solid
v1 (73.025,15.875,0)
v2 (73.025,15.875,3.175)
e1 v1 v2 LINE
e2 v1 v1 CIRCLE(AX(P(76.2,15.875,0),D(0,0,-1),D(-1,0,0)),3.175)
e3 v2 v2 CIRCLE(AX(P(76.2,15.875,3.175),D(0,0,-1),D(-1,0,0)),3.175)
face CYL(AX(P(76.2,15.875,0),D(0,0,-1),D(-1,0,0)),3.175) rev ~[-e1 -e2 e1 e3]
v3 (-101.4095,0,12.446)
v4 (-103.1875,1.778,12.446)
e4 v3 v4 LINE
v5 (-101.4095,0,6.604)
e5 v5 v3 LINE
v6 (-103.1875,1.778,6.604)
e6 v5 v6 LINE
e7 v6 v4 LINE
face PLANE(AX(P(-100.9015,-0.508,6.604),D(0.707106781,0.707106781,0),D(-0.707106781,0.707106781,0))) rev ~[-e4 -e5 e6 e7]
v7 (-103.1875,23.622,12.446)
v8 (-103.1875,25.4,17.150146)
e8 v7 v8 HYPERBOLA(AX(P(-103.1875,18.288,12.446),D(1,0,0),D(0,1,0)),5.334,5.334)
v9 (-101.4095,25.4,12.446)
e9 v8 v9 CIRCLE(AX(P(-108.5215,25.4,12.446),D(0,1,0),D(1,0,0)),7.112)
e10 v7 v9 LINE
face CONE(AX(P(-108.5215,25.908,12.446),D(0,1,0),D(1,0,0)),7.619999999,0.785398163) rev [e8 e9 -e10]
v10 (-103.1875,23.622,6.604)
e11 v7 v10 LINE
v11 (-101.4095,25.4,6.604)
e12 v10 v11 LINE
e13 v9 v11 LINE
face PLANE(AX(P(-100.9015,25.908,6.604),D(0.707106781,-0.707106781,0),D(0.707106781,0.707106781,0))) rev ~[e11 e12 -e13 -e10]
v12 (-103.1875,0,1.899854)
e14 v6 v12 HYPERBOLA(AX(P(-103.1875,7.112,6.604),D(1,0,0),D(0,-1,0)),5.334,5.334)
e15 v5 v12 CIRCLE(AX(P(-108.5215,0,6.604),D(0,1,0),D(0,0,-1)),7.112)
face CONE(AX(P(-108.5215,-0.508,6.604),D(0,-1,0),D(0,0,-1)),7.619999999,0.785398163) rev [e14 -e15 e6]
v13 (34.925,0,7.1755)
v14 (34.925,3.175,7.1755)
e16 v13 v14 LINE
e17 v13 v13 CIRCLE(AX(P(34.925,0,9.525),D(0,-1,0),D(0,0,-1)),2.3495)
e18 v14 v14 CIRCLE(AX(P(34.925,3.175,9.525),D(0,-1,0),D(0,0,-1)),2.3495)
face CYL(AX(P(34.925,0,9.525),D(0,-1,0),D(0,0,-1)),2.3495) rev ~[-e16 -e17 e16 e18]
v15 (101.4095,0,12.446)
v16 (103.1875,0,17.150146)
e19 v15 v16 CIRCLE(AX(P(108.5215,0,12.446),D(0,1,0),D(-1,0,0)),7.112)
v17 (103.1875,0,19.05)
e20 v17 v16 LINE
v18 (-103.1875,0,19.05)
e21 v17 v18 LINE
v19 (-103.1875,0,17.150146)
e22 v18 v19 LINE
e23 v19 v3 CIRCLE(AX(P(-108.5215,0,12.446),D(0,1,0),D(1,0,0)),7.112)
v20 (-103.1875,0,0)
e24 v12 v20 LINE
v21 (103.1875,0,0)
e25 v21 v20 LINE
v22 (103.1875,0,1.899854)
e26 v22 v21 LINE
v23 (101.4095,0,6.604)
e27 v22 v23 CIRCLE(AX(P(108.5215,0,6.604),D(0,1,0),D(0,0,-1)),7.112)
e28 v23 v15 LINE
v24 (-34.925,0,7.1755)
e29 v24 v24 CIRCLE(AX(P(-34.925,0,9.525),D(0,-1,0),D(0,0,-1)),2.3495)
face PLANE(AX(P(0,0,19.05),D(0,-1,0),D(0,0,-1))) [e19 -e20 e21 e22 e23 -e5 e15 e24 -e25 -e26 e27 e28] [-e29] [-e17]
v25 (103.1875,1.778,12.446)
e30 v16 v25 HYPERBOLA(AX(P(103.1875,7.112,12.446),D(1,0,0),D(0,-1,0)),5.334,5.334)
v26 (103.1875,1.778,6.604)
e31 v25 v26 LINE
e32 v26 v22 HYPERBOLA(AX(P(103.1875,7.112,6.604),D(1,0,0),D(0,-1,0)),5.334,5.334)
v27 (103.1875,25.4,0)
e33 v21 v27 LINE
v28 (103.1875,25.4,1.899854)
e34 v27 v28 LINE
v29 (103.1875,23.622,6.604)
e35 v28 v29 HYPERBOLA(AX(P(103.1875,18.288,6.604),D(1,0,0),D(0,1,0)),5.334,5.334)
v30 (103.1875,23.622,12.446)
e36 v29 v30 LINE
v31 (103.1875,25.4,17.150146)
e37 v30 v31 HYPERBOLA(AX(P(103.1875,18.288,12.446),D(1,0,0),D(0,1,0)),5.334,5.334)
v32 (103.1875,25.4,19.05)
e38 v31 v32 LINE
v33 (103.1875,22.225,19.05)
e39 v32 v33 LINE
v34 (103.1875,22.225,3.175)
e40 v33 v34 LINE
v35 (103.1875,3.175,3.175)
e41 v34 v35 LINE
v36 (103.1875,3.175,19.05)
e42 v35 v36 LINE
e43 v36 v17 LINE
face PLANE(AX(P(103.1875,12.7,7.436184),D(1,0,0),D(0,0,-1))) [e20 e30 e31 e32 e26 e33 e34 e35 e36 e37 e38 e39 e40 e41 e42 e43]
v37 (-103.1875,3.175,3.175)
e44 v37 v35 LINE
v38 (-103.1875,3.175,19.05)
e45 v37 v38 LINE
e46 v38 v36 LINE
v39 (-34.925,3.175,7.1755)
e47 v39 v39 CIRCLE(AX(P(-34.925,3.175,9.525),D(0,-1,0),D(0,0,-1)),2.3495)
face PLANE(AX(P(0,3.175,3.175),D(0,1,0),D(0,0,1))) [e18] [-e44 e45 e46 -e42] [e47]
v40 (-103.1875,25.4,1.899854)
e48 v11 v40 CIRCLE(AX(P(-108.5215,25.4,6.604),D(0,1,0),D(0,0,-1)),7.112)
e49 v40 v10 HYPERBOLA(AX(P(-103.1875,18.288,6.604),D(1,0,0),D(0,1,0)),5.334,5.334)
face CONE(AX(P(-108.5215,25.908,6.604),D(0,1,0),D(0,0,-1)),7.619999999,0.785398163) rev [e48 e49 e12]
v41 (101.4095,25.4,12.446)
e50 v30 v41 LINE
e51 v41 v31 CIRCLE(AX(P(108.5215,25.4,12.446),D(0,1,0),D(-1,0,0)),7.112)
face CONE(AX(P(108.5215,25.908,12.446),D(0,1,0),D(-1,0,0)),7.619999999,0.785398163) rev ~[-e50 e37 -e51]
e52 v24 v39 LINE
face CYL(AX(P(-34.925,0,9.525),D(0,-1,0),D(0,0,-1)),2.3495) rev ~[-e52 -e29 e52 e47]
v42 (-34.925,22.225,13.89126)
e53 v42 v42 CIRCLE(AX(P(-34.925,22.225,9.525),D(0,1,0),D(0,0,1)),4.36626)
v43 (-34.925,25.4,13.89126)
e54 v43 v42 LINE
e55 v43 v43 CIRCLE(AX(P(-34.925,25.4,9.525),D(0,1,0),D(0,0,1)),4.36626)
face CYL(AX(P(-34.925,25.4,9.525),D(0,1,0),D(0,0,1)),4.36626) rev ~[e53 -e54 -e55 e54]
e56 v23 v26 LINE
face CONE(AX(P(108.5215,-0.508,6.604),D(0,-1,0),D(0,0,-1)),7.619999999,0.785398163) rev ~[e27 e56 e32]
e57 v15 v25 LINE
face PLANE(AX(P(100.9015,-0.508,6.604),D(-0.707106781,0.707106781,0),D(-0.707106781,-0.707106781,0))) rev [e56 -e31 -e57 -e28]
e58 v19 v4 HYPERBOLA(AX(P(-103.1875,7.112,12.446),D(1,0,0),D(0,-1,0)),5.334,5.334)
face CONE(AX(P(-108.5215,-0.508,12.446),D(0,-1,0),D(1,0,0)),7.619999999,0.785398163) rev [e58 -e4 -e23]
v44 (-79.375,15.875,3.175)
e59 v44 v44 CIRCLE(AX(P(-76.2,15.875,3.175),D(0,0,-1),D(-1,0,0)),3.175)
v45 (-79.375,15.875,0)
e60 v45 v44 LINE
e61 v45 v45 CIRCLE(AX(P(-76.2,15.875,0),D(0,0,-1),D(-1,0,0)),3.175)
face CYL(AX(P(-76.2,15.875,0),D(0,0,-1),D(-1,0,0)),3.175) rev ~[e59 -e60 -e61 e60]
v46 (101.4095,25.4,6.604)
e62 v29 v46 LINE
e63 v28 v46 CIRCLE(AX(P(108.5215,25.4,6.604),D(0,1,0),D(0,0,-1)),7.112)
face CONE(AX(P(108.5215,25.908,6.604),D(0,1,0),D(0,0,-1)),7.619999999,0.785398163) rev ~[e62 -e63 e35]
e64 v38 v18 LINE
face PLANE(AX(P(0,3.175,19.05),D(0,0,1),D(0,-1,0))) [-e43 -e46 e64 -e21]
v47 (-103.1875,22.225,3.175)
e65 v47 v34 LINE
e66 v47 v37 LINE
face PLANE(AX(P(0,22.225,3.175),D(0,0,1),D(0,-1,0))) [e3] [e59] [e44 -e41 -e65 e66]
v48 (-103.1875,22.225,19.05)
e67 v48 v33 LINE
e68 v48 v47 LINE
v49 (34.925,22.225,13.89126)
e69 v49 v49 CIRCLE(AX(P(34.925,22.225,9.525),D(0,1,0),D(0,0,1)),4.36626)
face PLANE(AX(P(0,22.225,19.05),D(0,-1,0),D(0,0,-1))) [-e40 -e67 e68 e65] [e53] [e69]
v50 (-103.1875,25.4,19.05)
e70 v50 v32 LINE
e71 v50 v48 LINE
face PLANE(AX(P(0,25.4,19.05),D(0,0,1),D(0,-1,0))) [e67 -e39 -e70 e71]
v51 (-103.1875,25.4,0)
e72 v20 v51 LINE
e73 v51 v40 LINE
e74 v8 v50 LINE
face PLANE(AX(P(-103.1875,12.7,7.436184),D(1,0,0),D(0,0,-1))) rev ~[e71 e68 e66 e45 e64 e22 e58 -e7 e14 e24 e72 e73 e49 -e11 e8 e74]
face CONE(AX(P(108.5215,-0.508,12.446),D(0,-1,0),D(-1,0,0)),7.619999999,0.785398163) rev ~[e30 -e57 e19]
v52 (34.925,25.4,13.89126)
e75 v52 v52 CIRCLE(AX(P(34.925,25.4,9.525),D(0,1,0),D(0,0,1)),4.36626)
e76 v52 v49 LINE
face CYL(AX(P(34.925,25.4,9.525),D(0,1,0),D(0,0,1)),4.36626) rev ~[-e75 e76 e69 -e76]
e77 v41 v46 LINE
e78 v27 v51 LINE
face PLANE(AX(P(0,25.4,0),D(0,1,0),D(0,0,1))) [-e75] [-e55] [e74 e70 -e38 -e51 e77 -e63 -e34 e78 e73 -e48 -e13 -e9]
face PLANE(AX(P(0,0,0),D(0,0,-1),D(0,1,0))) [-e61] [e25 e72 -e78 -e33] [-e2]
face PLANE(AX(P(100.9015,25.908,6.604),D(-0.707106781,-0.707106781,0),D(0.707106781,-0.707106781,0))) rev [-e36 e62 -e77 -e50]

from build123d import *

# Parameters (mm, degrees)
BOSS_EXTRUDE1_DEPTH = 103.1875
CUT_EXTRUDE2_REACH  = 109.962
SKETCH3_R           = 2.3495
CUT_EXTRUDE3_REACH  = 109.962
SKETCH4_R           = 4.36626
CUT_EXTRUDE4_REACH  = 109.962
SKETCH5_R           = 3.175


with BuildPart() as part:
    # Sketch1 → Boss-Extrude1 (new, symmetric)
    with BuildSketch(Plane(origin=(0, 0, 0), x_dir=(0, 0, -1), z_dir=(1, 0, 0))):
        Polygon((0, 25.4), (-19.05, 25.4), (-19.05, 22.225), (-3.175, 22.225), (-3.175, 3.175), (-19.05, 3.175), (-19.05, 0), (0, 0), align=None)
    extrude(amount=BOSS_EXTRUDE1_DEPTH, both=True)

    # Sketch3 → Cut-Extrude2 (cut, up to next)
    with BuildSketch(Plane.XZ, mode=Mode.PRIVATE) as cut_extrude2_sk1:
        with Locations(Location((34.925, 9.525, 0), (0, 0, 270))):
            Circle(SKETCH3_R)
    cut_extrude2_tool1 = extrude(cut_extrude2_sk1.sketch, amount=-CUT_EXTRUDE2_REACH, mode=Mode.PRIVATE) & part.part
    # Sketch3 → Cut-Extrude2 (cut, up to next)
    with BuildSketch(Plane.XZ, mode=Mode.PRIVATE) as cut_extrude2_sk2:
        with Locations(Location((-34.925, 9.525, 0), (0, 0, 270))):
            Circle(SKETCH3_R)
    cut_extrude2_tool2 = extrude(cut_extrude2_sk2.sketch, amount=-CUT_EXTRUDE2_REACH, mode=Mode.PRIVATE) & part.part
    add(cut_extrude2_tool1.solids().sort_by_distance((34.925, 0, 9.525))[0], mode=Mode.SUBTRACT)
    add(cut_extrude2_tool2.solids().sort_by_distance((-34.925, 0, 9.525))[0], mode=Mode.SUBTRACT)

    # Sketch4 → Cut-Extrude3 (cut, up to next)
    with BuildSketch(Plane(origin=(0, 25.4, 0), x_dir=(1, 0, 0), z_dir=(0, 1, 0)), mode=Mode.PRIVATE) as cut_extrude3_sk1:
        with Locations(Location((-34.925, -9.525, 0), (0, 0, 270))):
            Circle(SKETCH4_R)
    cut_extrude3_tool1 = extrude(cut_extrude3_sk1.sketch, amount=-CUT_EXTRUDE3_REACH, mode=Mode.PRIVATE) & part.part
    # Sketch4 → Cut-Extrude3 (cut, up to next)
    with BuildSketch(Plane(origin=(0, 25.4, 0), x_dir=(1, 0, 0), z_dir=(0, 1, 0)), mode=Mode.PRIVATE) as cut_extrude3_sk2:
        with Locations(Location((34.925, -9.525, 0), (0, 0, 270))):
            Circle(SKETCH4_R)
    cut_extrude3_tool2 = extrude(cut_extrude3_sk2.sketch, amount=-CUT_EXTRUDE3_REACH, mode=Mode.PRIVATE) & part.part
    add(cut_extrude3_tool1.solids().sort_by_distance((-34.925, 25.4, 9.525))[0], mode=Mode.SUBTRACT)
    add(cut_extrude3_tool2.solids().sort_by_distance((34.925, 25.4, 9.525))[0], mode=Mode.SUBTRACT)

    # Sketch5 → Cut-Extrude4 (cut, up to next)
    with BuildSketch(Plane(origin=(0, 0, 0), x_dir=(-1, 0, 0), z_dir=(0, 0, -1)), mode=Mode.PRIVATE) as cut_extrude4_sk1:
        with Locations((-76.2, 15.875)):
            Circle(SKETCH5_R)
    cut_extrude4_tool1 = extrude(cut_extrude4_sk1.sketch, amount=-CUT_EXTRUDE4_REACH, mode=Mode.PRIVATE) & part.part
    # Sketch5 → Cut-Extrude4 (cut, up to next)
    with BuildSketch(Plane(origin=(0, 0, 0), x_dir=(-1, 0, 0), z_dir=(0, 0, -1)), mode=Mode.PRIVATE) as cut_extrude4_sk2:
        with Locations((76.2, 15.875)):
            Circle(SKETCH5_R)
    cut_extrude4_tool2 = extrude(cut_extrude4_sk2.sketch, amount=-CUT_EXTRUDE4_REACH, mode=Mode.PRIVATE) & part.part
    add(cut_extrude4_tool1.solids().sort_by_distance((76.2, 15.875, 0))[0], mode=Mode.SUBTRACT)
    add(cut_extrude4_tool2.solids().sort_by_distance((-76.2, 15.875, 0))[0], mode=Mode.SUBTRACT)

    # Cut-Sweep1: sweep along a path in Sketch6
    with BuildLine(Plane(origin=(0, 25.4, 0), x_dir=(1, 0, 0), z_dir=(0, 1, 0))) as cut_sweep1_path:
        Line((-111.0615, 0.508), (-108.5215, 0.508))
        ThreePointArc((-108.5215, 0.508), (-103.492556572, -1.575056572), (-101.4095, -6.604))
        Line((-101.4095, -6.604), (-101.4095, -12.446))
        ThreePointArc((-101.4095, -12.446), (-103.492556572, -17.474943428), (-108.5215, -19.558))
        Line((-108.5215, -19.558), (-111.0615, -19.558))
    # Sketch7 → Cut-Sweep1 (sweep, cut)
    with BuildSketch(Plane(origin=(-111.0615, 25.4, -0.508), x_dir=(0, 0, -1), z_dir=(1, 0, 0))):
        Polygon((-4.572, -4.572), (-4.572, 0.508), (0.508, 0.508), align=None)
        Polygon((-4.572, -20.828), (-4.572, -25.908), (0.508, -25.908), align=None)
    cut_sweep1 = sweep(path=cut_sweep1_path.line, mode=Mode.SUBTRACT)

    # Mirror1: Cut-Sweep1 across plane
    add(cut_sweep1.mirror(Plane(origin=(0, 0, 0), x_dir=(0, 0, 1), z_dir=(1, 0, 0))), mode=Mode.SUBTRACT)


solid = part.part
